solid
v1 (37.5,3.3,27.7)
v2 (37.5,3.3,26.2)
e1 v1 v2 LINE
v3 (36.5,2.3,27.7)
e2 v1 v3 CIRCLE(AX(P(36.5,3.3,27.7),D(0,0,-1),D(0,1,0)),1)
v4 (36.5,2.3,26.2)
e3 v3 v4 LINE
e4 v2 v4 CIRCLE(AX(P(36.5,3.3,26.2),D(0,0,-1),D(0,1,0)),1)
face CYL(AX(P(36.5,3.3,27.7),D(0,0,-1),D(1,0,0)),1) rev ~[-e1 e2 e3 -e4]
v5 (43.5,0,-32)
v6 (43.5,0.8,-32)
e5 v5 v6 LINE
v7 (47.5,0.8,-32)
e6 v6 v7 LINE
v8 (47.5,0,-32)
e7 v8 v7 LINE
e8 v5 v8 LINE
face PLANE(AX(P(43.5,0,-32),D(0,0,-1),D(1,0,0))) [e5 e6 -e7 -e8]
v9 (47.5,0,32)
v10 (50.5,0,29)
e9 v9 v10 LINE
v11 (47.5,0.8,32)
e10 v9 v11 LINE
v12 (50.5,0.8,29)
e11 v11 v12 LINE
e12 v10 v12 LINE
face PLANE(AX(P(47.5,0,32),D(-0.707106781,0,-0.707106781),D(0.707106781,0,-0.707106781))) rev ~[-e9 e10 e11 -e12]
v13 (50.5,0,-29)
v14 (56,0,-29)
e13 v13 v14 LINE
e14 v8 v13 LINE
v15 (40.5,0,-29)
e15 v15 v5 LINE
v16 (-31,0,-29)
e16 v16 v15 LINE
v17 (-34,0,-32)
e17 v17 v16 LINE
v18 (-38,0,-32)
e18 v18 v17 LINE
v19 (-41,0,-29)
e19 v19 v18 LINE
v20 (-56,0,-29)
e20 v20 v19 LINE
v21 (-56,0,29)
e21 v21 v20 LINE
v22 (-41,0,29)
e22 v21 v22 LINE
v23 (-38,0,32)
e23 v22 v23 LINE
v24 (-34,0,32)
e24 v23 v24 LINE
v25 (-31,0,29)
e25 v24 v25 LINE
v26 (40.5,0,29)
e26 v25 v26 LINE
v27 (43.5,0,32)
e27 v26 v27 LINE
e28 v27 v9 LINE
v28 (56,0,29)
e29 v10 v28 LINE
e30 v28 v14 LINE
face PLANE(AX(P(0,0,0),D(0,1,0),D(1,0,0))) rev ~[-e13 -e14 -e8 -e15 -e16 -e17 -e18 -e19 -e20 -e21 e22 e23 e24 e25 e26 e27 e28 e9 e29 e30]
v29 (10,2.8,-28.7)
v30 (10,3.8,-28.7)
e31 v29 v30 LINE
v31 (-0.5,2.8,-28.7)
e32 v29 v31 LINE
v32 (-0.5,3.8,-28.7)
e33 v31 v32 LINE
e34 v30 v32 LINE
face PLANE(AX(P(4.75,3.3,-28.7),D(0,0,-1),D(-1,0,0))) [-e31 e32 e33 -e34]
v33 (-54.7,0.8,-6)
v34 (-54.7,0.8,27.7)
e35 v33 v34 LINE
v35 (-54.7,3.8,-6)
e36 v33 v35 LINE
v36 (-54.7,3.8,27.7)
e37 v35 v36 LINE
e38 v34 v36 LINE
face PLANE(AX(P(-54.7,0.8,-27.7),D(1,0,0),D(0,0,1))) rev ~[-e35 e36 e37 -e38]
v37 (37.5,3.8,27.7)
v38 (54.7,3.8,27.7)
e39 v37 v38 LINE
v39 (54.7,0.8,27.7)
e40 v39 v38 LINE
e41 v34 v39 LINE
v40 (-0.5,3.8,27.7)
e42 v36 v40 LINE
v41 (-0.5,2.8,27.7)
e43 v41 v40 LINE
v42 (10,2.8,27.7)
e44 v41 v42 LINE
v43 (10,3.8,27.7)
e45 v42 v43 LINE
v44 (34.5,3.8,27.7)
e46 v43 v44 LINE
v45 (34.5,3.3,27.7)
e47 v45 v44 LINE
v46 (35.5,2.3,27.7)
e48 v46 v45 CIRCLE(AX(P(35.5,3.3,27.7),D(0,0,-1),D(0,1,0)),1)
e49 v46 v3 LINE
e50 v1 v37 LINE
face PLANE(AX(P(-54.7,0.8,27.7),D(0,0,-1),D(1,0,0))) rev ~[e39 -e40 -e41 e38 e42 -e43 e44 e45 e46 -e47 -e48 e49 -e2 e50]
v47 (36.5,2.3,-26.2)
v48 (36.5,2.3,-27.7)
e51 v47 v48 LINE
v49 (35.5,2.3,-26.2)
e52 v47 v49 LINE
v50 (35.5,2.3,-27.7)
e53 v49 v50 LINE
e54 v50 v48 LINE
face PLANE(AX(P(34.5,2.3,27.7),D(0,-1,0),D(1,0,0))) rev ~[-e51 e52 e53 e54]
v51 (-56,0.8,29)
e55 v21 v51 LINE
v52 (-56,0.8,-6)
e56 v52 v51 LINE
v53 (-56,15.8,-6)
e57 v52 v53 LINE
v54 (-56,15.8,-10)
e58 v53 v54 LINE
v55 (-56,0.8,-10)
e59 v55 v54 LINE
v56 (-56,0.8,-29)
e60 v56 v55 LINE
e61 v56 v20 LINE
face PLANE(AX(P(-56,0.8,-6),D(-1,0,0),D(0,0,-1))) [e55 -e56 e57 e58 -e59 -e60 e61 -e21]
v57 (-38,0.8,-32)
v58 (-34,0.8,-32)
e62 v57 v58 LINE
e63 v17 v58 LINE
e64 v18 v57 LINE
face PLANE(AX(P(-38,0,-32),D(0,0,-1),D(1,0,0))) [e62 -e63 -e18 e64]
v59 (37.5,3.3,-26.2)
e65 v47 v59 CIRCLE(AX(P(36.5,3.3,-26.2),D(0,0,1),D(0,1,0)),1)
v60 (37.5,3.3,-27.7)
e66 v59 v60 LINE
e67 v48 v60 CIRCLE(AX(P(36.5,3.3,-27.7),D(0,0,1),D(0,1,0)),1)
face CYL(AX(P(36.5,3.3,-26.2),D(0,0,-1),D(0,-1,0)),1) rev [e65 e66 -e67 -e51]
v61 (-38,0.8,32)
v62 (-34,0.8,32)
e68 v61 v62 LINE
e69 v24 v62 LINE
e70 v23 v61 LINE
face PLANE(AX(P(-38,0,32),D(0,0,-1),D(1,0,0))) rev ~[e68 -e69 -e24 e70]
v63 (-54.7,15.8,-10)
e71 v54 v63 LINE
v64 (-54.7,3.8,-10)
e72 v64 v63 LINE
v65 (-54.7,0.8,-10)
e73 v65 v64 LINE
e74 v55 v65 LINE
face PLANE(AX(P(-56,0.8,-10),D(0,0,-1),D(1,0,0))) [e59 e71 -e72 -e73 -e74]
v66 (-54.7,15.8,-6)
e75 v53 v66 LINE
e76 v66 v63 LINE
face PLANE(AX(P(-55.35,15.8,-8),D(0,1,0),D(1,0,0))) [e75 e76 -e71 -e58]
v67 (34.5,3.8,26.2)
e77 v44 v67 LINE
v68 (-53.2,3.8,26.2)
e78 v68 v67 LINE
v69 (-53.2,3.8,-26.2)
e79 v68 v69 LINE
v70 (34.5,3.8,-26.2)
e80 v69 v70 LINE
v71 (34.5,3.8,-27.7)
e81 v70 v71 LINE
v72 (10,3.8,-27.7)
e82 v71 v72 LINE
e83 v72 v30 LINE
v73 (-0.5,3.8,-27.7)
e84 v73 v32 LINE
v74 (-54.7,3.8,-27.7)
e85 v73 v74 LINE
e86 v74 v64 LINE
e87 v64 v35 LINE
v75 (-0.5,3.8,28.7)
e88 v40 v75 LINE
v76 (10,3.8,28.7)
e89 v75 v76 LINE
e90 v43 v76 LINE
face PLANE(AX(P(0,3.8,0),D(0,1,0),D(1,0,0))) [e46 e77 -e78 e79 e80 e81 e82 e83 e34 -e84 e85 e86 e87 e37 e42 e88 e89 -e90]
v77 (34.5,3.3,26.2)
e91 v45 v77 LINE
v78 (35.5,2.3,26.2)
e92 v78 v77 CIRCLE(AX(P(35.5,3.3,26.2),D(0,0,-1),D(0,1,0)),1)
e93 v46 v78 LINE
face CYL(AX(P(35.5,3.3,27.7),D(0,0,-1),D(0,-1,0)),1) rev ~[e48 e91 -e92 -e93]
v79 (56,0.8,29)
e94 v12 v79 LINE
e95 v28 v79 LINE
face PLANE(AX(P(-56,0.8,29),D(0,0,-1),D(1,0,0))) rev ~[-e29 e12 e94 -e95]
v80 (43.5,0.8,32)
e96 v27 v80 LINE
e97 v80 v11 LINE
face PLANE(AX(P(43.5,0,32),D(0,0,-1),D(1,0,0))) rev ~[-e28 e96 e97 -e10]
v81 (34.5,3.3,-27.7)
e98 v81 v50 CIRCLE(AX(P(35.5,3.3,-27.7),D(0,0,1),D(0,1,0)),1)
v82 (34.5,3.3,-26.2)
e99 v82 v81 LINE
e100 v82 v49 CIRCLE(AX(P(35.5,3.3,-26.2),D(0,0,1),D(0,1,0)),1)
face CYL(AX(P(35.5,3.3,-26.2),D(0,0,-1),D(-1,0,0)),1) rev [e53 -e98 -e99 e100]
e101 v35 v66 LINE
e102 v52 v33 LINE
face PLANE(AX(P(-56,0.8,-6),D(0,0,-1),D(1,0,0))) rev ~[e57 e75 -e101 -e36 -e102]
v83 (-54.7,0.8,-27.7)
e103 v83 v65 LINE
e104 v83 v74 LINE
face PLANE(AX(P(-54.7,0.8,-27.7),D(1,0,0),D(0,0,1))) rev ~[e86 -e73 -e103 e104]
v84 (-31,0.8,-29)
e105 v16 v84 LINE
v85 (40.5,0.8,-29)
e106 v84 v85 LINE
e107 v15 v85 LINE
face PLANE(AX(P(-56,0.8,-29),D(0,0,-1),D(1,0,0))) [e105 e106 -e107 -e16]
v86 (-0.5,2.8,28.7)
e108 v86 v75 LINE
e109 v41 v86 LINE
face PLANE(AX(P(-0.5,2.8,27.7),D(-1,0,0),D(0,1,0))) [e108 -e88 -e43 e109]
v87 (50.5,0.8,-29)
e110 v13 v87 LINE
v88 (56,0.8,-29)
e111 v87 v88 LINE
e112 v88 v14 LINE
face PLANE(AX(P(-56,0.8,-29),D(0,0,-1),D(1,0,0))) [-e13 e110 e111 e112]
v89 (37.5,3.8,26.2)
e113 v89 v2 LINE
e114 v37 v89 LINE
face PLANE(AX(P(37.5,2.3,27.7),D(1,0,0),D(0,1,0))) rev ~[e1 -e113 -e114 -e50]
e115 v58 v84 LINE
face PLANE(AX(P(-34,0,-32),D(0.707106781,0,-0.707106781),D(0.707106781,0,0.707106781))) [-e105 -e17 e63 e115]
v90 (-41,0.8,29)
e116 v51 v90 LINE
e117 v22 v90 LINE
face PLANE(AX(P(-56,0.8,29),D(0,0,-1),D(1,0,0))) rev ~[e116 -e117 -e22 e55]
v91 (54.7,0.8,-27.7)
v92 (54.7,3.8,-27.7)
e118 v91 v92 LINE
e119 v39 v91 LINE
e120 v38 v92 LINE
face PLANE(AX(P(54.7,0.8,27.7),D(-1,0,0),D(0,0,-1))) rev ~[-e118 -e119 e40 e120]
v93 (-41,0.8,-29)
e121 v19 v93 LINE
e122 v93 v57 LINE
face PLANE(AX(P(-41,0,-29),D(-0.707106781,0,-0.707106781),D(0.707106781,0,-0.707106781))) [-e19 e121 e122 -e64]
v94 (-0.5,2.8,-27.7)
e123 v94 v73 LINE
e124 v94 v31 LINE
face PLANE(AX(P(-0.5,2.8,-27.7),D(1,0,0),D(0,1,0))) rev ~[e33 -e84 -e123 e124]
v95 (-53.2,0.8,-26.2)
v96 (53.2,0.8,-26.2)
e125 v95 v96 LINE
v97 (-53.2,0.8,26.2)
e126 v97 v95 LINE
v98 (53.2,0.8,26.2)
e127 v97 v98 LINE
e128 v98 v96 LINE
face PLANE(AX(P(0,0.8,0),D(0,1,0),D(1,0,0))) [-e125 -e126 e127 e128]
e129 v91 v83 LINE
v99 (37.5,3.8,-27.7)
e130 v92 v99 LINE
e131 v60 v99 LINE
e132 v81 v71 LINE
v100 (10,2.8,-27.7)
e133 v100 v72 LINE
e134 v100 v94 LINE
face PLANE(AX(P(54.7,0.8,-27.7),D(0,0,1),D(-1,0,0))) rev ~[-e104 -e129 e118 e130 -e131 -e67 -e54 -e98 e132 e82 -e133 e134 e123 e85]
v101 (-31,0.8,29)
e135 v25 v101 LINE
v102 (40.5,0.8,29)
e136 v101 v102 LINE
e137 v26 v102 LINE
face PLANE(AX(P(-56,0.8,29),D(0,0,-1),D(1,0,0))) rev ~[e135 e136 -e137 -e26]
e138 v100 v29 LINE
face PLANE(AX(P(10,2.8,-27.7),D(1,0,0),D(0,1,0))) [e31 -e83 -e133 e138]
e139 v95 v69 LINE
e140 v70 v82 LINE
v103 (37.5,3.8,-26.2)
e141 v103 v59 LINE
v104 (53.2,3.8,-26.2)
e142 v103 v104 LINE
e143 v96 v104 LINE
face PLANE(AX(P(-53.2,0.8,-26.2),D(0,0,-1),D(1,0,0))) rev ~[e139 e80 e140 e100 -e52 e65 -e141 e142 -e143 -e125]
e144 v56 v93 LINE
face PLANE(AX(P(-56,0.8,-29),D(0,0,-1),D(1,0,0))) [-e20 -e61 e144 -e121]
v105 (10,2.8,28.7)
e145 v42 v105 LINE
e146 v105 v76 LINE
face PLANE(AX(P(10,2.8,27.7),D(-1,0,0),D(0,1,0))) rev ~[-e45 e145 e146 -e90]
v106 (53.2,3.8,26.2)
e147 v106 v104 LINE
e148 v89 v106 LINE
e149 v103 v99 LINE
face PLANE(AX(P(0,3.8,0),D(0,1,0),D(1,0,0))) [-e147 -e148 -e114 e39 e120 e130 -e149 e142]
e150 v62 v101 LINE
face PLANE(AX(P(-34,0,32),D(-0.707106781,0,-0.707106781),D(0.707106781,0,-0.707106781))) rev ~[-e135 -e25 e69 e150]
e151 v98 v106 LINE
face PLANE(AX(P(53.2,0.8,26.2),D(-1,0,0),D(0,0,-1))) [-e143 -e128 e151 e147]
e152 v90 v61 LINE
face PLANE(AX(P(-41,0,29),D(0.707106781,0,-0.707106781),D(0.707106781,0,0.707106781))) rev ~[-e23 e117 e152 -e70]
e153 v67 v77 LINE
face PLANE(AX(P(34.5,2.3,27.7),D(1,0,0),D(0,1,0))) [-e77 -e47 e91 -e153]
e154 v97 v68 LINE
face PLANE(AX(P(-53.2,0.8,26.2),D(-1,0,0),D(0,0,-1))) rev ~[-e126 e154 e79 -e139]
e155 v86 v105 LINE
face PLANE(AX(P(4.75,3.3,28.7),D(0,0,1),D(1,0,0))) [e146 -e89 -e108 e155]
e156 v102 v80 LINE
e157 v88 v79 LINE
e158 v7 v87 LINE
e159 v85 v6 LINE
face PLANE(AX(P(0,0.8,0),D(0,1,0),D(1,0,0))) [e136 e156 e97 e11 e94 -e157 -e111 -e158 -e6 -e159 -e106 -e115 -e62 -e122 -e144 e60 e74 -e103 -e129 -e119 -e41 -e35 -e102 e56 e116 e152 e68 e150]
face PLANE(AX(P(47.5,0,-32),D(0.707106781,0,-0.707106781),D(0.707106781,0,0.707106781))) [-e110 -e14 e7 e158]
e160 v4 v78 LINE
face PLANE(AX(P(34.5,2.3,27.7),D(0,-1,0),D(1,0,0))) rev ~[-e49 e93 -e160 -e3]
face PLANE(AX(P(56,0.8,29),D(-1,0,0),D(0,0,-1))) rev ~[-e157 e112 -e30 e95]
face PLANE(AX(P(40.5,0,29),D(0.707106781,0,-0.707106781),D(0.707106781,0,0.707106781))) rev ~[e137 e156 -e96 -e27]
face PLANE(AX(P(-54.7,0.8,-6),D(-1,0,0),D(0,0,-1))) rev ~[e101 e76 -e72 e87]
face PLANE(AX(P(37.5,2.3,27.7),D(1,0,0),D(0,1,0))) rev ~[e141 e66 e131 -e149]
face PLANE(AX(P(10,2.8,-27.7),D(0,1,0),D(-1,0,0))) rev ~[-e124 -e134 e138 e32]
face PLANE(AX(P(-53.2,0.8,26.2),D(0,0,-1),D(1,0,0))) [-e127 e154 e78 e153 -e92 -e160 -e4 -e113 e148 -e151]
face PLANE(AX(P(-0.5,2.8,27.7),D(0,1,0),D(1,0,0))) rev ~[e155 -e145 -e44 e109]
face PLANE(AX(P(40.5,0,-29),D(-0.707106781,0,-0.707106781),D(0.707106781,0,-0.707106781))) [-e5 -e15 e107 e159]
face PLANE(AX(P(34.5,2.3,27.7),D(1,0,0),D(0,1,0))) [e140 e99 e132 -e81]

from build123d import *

# Parameters (mm, degrees)
SKETCH1_W               = 112
SKETCH1_H               = 58
BOSS_EXTRUDE1_DEPTH     = 0.8
SKETCH2_W               = 112
SKETCH2_H               = 58
SKETCH2_W_2             = 110
SKETCH2_H_2             = 56
BOSS_EXTRUDE2_DEPTH     = 28
SKETCH3_R               = 1.75
CUT_EXTRUDE1_DEPTH      = 28
BOSS_EXTRUDE3_START     = 2
SKETCH4_R               = 3.25
SKETCH4_R_2             = 1.75
BOSS_EXTRUDE3_DEPTH     = 2
CUT_EXTRUDE2_DEPTH      = 2
CUT_EXTRUDE3_DEPTH      = 72
BOSS_EXTRUDE4_DEPTH     = 28.8
SKETCH8_W               = 11.5
SKETCH8_H               = 1.5
CUT_EXTRUDE4_DEPTH      = 70
CUT_EXTRUDE5_DEPTH      = 70
CUT_EXTRUDE5_DEPTH_BACK = 70
SKETCH9_W               = 112
SKETCH9_H               = 28
SKETCH10_W              = 8.327989843
SKETCH10_H              = 7.445097605
SKETCH10_W_2            = 5.355096577
SKETCH10_H_2            = 5.953712533
SKETCH10_W_3            = 11.410895322
SKETCH10_H_3            = 5.715079946
SKETCH10_W_4            = 8.730278995
SKETCH10_H_4            = 7.857983818
BOSS_EXTRUDE5_DEPTH     = 0.8
SKETCH11_W              = 106.4
SKETCH11_H              = 52.4
BOSS_EXTRUDE6_DEPTH     = 3
SKETCH12_W              = 10.5
SKETCH12_H              = 1
BOSS_EXTRUDE7_DEPTH     = 1
SKETCH13_W              = 10.5
SKETCH13_H              = 1
BOSS_EXTRUDE8_DEPTH     = 1
SKETCH14_W              = 1.3
SKETCH14_H              = 4
BOSS_EXTRUDE9_DEPTH     = 15
SKETCH15_W              = 3
SKETCH15_H              = 1.5
CUT_EXTRUDE6_DEPTH      = 70
FILLET1_R               = 1


with BuildPart() as part:
    # Sketch1 → Boss-Extrude1 (new body)
    with BuildSketch(Plane(origin=(0, 0, 0), x_dir=(1, 0, 0), z_dir=(0, 1, 0))):
        Rectangle(SKETCH1_W, SKETCH1_H)
    extrude(amount=BOSS_EXTRUDE1_DEPTH)

    # Sketch2 → Boss-Extrude2 (add)
    with BuildSketch(Plane(origin=(0, 0.8, 0), x_dir=(1, 0, 0), z_dir=(0, 1, 0))):
        Rectangle(SKETCH2_W, SKETCH2_H)
        Rectangle(SKETCH2_W_2, SKETCH2_H_2, mode=Mode.SUBTRACT)
    extrude(amount=BOSS_EXTRUDE2_DEPTH)

    # Sketch3 → Cut-Extrude1 (cut)
    with BuildSketch(Plane(origin=(0, 0.8, 0), x_dir=(1, 0, 0), z_dir=(0, 1, 0))):
        with Locations(Location((-36, 25.5, 0), (0, 0, 270))):
            Circle(SKETCH3_R)
        with Locations(Location((-36, -25.5, 0), (0, 0, 270))):
            Circle(SKETCH3_R)
        with Locations(Location((45.5, 25.5, 0), (0, 0, 270))):
            Circle(SKETCH3_R)
        with Locations(Location((45.5, -25.5, 0), (0, 0, 270))):
            Circle(SKETCH3_R)
    extrude(amount=-CUT_EXTRUDE1_DEPTH, mode=Mode.SUBTRACT)

    # Sketch4 → Boss-Extrude3 (add)
    # profile 1 of 4: a face of its own
    with BuildSketch(Plane(origin=(0, 0.8, 0), x_dir=(1, 0, 0), z_dir=(0, 1, 0)).offset(BOSS_EXTRUDE3_START)):
        with Locations((-36, 25.5)):
            Circle(SKETCH4_R)
        with Locations(Location((-36, 25.5, 0), (0, 0, 270))):
            Circle(SKETCH4_R_2, mode=Mode.SUBTRACT)
    # profile 2 of 4: a face of its own
    with BuildSketch(Plane(origin=(0, 0.8, 0), x_dir=(1, 0, 0), z_dir=(0, 1, 0)).offset(BOSS_EXTRUDE3_START)):
        with Locations((45.5, 25.5)):
            Circle(SKETCH4_R)
        with Locations(Location((45.5, 25.5, 0), (0, 0, 270))):
            Circle(SKETCH4_R_2, mode=Mode.SUBTRACT)
    # profile 3 of 4: a face of its own
    with BuildSketch(Plane(origin=(0, 0.8, 0), x_dir=(1, 0, 0), z_dir=(0, 1, 0)).offset(BOSS_EXTRUDE3_START)):
        with Locations((-36, -25.5)):
            Circle(SKETCH4_R)
        with Locations(Location((-36, -25.5, 0), (0, 0, 270))):
            Circle(SKETCH4_R_2, mode=Mode.SUBTRACT)
    # profile 4 of 4: a face of its own
    with BuildSketch(Plane(origin=(0, 0.8, 0), x_dir=(1, 0, 0), z_dir=(0, 1, 0)).offset(BOSS_EXTRUDE3_START)):
        with Locations((45.5, -25.5)):
            Circle(SKETCH4_R)
        with Locations(Location((45.5, -25.5, 0), (0, 0, 270))):
            Circle(SKETCH4_R_2, mode=Mode.SUBTRACT)
    extrude(amount=-BOSS_EXTRUDE3_DEPTH)

    # Sketch5 → Cut-Extrude2 (cut)
    with BuildSketch(Plane(origin=(-55, 0, 0), x_dir=(0, 0, -1), z_dir=(1, 0, 0))):
        with BuildLine():
            Line((-10.5, 28.8), (-10.5, 10.8))
            ThreePointArc((-10.5, 10.8), (-8, 8.3), (-5.5, 10.8))
            Line((-5.5, 10.8), (-5.5, 28.8))
            Line((-5.5, 28.8), (-10.5, 28.8))
        make_face()
    extrude(amount=-CUT_EXTRUDE2_DEPTH, mode=Mode.SUBTRACT)

    # Sketch6 → Cut-Extrude3 (cut)
    with BuildSketch(Plane.XY.offset(29)):
        with BuildLine():
            Line((34.5, 25.8), (34.5, 28.8))
            Line((34.5, 28.8), (37.5, 28.8))
            Line((37.5, 28.8), (37.5, 25.8))
            ThreePointArc((37.5, 25.8), (36, 24.3), (34.5, 25.8))
        make_face()
    extrude(amount=-CUT_EXTRUDE3_DEPTH, mode=Mode.SUBTRACT)

    # Sketch7 → Boss-Extrude4 (add)
    with BuildSketch(Plane.XZ):
        Polygon((-41, 29), (-38, 32), (-34, 32), (-31, 29), align=None)
        Polygon((40.5, 29), (43.5, 32), (47.5, 32), (50.5, 29), align=None)
        Polygon((-41, -29), (-38, -32), (-34, -32), (-31, -29), align=None)
        Polygon((40.5, -29), (43.5, -32), (47.5, -32), (50.5, -29), align=None)
    extrude(amount=-BOSS_EXTRUDE4_DEPTH)

    # Sketch8 → Cut-Extrude4 (cut)
    with BuildSketch(Plane.XY.offset(29)):
        with Locations((4.75, 26.55)):
            Rectangle(SKETCH8_W, SKETCH8_H)
    extrude(amount=-CUT_EXTRUDE4_DEPTH, mode=Mode.SUBTRACT)

    # Sketch9 → Cut-Extrude5 (cut, two sides: drawn at the far end of the back side and taken through both)
    with BuildSketch(Plane.XY.offset(29).offset(-CUT_EXTRUDE5_DEPTH_BACK)):
        with Locations((0, 14.8)):
            Rectangle(SKETCH9_W, SKETCH9_H)
    extrude(amount=CUT_EXTRUDE5_DEPTH + CUT_EXTRUDE5_DEPTH_BACK, mode=Mode.SUBTRACT)

    # Sketch10 → Boss-Extrude5 (add)
    with BuildSketch(Plane(origin=(0, 0.8, 0), x_dir=(1, 0, 0), z_dir=(0, 1, 0))):
        with Locations((-35.349106924, 23.952885498)):
            Rectangle(SKETCH10_W, SKETCH10_H)
        with Locations((45.232488371, 24.698578034)):
            Rectangle(SKETCH10_W_2, SKETCH10_H_2)
        with Locations((-36.890559663, -24.651256065)):
            Rectangle(SKETCH10_W_3, SKETCH10_H_3)
        with Locations((45.075573152, -24.28226276)):
            Rectangle(SKETCH10_W_4, SKETCH10_H_4)
    extrude(amount=-BOSS_EXTRUDE5_DEPTH)

    # Sketch11 → Boss-Extrude6 (add)
    with BuildSketch(Plane(origin=(0, 0.8, 0), x_dir=(1, 0, 0), z_dir=(0, 1, 0))):
        Polygon((-51.704605873, 27.7), (-54.7, 27.7), (-54.7, 25.360609515), (-54.7, -24.546387496), (-54.7, -27.7), (-52.806207703, -27.7), (50.795370915, -27.7), (54.7, -27.7), (54.7, -25.222572544), (54.7, 24.684424467), (54.7, 27.7), (51.896972744, 27.7), align=None)
        Rectangle(SKETCH11_W, SKETCH11_H, mode=Mode.SUBTRACT)
    extrude(amount=BOSS_EXTRUDE6_DEPTH)

    # Sketch12 → Boss-Extrude7 (add)
    with BuildSketch(Plane.XY.offset(27.7)):
        with Locations((4.75, 3.3)):
            Rectangle(SKETCH12_W, SKETCH12_H)
    extrude(amount=BOSS_EXTRUDE7_DEPTH)

    # Sketch13 → Boss-Extrude8 (add)
    with BuildSketch(Plane(origin=(0, 0, -27.7), x_dir=(-1, 0, 0), z_dir=(0, 0, -1))):
        with Locations((-4.75, 3.3)):
            Rectangle(SKETCH13_W, SKETCH13_H)
    extrude(amount=BOSS_EXTRUDE8_DEPTH)

    # Sketch14 → Boss-Extrude9 (add)
    with BuildSketch(Plane(origin=(0, 0.8, 0), x_dir=(1, 0, 0), z_dir=(0, 1, 0))):
        with Locations((-55.35, 8)):
            Rectangle(SKETCH14_W, SKETCH14_H)
    extrude(amount=BOSS_EXTRUDE9_DEPTH)

    # Sketch15 → Cut-Extrude6 (cut)
    with BuildSketch(Plane.XY.offset(27.7)):
        with Locations((36, 3.05)):
            Rectangle(SKETCH15_W, SKETCH15_H)
    extrude(amount=-CUT_EXTRUDE6_DEPTH, mode=Mode.SUBTRACT)

    # Fillet1
    fillet1_edges = [part.edges().sort_by_distance(p)[0] for p in [
        (37.5, 2.3, 26.95),
        (37.5, 2.3, -26.95),
        (34.5, 2.3, 26.95),
        (34.5, 2.3, -26.95),
    ]]
    fillet(fillet1_edges, radius=FILLET1_R)


solid = part.part
